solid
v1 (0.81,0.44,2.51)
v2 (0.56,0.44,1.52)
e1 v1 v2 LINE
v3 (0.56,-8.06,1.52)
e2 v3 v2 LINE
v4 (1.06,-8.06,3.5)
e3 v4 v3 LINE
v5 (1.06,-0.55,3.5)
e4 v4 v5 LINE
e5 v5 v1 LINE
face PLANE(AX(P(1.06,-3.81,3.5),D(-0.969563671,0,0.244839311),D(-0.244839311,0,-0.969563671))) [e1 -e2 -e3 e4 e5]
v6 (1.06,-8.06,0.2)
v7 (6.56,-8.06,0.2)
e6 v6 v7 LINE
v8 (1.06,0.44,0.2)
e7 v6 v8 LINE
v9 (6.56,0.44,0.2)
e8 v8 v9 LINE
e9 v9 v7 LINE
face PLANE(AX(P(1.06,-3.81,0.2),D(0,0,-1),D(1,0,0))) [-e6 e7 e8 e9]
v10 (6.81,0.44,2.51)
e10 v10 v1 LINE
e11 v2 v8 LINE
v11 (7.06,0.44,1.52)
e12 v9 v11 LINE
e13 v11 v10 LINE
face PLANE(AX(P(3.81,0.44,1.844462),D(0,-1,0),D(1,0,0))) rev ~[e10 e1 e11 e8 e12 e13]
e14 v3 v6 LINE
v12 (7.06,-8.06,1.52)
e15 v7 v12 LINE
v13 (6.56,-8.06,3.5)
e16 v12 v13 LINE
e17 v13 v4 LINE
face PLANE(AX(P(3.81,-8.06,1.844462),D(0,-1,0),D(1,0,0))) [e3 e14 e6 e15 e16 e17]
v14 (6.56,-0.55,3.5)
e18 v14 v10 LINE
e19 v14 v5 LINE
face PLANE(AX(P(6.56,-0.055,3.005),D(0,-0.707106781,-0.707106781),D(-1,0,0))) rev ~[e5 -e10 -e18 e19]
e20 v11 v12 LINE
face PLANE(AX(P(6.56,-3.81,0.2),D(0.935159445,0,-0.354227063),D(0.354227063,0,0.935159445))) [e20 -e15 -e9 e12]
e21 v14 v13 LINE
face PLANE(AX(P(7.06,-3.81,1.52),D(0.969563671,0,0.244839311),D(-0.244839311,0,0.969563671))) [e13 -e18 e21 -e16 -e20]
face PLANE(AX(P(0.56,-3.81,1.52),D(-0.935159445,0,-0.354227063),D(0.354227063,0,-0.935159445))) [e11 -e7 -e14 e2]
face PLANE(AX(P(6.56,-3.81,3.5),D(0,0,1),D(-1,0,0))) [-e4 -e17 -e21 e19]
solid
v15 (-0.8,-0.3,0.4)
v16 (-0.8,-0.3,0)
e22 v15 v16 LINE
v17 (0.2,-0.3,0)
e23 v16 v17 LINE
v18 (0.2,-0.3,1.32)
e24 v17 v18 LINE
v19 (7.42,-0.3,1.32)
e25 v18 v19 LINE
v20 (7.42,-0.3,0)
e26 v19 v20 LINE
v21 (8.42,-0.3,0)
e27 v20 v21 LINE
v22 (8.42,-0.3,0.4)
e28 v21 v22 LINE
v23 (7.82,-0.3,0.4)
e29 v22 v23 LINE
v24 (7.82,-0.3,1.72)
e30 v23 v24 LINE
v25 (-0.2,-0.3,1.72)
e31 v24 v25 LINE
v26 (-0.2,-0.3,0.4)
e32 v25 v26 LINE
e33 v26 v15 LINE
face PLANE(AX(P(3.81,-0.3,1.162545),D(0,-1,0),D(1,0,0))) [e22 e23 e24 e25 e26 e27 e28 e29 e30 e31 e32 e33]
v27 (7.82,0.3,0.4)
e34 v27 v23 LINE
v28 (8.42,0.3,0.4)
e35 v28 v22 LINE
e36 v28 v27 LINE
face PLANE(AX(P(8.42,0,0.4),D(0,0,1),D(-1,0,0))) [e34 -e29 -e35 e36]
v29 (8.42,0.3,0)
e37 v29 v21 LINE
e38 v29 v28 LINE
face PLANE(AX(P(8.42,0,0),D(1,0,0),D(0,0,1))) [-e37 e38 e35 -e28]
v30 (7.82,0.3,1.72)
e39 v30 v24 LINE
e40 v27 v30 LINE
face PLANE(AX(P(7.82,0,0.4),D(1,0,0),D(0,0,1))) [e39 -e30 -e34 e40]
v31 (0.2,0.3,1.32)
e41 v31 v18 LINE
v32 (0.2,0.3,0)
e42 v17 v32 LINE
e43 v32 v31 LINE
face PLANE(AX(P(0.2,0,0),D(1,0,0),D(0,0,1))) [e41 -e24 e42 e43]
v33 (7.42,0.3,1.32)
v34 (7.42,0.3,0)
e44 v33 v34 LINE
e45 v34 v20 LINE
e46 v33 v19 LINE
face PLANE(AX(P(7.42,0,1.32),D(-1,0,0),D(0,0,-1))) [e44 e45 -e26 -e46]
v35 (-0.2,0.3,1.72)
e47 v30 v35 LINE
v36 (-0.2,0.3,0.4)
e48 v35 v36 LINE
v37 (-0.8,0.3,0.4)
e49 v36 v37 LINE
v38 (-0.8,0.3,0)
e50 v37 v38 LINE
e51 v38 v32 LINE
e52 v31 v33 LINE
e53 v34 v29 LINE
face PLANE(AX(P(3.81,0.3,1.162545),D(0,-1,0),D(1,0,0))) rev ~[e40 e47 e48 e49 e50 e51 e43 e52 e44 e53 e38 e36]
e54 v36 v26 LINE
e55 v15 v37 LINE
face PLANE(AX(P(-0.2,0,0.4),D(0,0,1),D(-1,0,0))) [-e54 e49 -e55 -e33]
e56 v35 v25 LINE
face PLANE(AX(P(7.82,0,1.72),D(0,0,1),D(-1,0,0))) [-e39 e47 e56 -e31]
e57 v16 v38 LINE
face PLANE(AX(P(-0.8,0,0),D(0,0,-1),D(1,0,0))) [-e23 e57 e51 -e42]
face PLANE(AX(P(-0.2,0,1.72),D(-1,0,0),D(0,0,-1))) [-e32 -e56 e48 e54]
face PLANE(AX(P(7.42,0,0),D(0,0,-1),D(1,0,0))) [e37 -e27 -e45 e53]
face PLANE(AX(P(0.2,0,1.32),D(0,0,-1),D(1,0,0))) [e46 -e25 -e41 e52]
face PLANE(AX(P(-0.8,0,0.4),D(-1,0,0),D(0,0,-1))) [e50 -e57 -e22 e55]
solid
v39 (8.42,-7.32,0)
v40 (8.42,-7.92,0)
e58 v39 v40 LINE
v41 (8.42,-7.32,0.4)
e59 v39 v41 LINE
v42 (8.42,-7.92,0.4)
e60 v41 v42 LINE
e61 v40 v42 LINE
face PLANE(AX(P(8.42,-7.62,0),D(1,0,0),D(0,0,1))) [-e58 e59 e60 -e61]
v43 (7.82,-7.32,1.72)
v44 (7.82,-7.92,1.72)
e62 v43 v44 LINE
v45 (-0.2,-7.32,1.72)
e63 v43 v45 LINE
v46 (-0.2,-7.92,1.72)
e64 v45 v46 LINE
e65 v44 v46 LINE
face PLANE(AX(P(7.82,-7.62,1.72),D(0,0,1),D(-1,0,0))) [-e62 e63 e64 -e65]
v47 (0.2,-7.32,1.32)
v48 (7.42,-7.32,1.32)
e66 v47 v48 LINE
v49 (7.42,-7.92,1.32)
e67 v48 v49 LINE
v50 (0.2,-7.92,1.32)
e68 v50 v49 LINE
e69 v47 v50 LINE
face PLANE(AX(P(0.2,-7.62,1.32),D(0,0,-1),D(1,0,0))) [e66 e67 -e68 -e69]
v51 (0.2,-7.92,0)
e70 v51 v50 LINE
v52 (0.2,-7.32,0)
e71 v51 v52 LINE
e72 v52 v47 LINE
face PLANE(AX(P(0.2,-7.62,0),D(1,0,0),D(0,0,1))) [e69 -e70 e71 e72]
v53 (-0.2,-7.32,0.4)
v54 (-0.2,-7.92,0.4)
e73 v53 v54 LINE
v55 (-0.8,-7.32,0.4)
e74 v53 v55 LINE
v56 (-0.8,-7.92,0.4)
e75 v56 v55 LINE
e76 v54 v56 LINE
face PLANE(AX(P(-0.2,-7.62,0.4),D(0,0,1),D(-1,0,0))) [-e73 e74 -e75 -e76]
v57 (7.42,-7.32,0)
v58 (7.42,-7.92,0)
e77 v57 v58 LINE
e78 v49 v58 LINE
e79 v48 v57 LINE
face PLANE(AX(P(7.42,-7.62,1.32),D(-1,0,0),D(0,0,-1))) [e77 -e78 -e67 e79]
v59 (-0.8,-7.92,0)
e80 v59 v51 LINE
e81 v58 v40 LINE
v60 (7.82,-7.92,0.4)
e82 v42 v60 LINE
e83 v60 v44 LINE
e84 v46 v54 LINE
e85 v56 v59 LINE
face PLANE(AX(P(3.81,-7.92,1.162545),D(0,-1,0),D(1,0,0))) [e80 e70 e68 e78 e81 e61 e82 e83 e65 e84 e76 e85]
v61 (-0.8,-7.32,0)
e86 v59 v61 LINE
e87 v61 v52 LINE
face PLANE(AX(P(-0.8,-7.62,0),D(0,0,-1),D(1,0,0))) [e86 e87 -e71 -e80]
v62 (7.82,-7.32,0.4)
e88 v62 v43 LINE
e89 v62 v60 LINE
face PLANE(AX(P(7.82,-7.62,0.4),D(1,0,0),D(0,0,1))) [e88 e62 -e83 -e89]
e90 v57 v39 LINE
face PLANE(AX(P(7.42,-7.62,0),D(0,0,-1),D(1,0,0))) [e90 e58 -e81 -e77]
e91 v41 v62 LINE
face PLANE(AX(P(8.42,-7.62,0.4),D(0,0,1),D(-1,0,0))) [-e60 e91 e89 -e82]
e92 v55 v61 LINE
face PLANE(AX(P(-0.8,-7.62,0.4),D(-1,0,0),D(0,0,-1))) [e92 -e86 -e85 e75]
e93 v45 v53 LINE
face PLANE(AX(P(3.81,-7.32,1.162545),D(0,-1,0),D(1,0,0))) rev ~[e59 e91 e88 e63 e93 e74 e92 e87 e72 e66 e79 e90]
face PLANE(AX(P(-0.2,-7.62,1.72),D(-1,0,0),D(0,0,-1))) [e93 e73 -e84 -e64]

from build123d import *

# Parameters (mm, degrees)
PAD001_DEPTH = 0.3
PAD_DEPTH    = 4.25
CHAMFER_SIZE = 0.99
PAD002_DEPTH = 0.3


with BuildPart() as pad001:
    # Sketch001 → Pad001 (new body, symmetric)
    with BuildSketch(Plane.XZ):
        Polygon((-0.2, 0), (0.2, 0), (0.2, 1.32), (7.42, 1.32), (7.42, 0), (7.82, 0), (8.42, 0), (8.42, 0.4), (7.82, 0.4), (7.82, 1.72), (-0.2, 1.72), (-0.2, 0.4), (-0.8, 0.4), (-0.8, 0), align=None)
    extrude(amount=PAD001_DEPTH, both=True)


with BuildPart() as chamfer_body:
    # Sketch → Pad (new body, symmetric)
    with BuildSketch(Plane.XZ.offset(3.81)):
        Polygon((1.06, 0.2), (6.56, 0.2), (7.06, 1.52), (6.56, 3.5), (1.06, 3.5), (0.56, 1.52), align=None)
    extrude(amount=PAD_DEPTH, both=True)

    # Chamfer
    chamfer_edges = [chamfer_body.edges().sort_by_distance(p)[0] for p in [
        (3.81, 0.44, 3.5),
    ]]
    chamfer(chamfer_edges, length=CHAMFER_SIZE)


with BuildPart() as pad002:
    # Sketch002 → Pad002 (new body, symmetric)
    with BuildSketch(Plane.XZ.offset(7.62)):
        Polygon((-0.2, 0), (0.2, 0), (0.2, 1.32), (7.42, 1.32), (7.42, 0), (7.82, 0), (8.42, 0), (8.42, 0.4), (7.82, 0.4), (7.82, 1.72), (-0.2, 1.72), (-0.2, 0.4), (-0.8, 0.4), (-0.8, 0), align=None)
    extrude(amount=PAD002_DEPTH, both=True)


solid = Compound([pad001.part, chamfer_body.part, pad002.part])
